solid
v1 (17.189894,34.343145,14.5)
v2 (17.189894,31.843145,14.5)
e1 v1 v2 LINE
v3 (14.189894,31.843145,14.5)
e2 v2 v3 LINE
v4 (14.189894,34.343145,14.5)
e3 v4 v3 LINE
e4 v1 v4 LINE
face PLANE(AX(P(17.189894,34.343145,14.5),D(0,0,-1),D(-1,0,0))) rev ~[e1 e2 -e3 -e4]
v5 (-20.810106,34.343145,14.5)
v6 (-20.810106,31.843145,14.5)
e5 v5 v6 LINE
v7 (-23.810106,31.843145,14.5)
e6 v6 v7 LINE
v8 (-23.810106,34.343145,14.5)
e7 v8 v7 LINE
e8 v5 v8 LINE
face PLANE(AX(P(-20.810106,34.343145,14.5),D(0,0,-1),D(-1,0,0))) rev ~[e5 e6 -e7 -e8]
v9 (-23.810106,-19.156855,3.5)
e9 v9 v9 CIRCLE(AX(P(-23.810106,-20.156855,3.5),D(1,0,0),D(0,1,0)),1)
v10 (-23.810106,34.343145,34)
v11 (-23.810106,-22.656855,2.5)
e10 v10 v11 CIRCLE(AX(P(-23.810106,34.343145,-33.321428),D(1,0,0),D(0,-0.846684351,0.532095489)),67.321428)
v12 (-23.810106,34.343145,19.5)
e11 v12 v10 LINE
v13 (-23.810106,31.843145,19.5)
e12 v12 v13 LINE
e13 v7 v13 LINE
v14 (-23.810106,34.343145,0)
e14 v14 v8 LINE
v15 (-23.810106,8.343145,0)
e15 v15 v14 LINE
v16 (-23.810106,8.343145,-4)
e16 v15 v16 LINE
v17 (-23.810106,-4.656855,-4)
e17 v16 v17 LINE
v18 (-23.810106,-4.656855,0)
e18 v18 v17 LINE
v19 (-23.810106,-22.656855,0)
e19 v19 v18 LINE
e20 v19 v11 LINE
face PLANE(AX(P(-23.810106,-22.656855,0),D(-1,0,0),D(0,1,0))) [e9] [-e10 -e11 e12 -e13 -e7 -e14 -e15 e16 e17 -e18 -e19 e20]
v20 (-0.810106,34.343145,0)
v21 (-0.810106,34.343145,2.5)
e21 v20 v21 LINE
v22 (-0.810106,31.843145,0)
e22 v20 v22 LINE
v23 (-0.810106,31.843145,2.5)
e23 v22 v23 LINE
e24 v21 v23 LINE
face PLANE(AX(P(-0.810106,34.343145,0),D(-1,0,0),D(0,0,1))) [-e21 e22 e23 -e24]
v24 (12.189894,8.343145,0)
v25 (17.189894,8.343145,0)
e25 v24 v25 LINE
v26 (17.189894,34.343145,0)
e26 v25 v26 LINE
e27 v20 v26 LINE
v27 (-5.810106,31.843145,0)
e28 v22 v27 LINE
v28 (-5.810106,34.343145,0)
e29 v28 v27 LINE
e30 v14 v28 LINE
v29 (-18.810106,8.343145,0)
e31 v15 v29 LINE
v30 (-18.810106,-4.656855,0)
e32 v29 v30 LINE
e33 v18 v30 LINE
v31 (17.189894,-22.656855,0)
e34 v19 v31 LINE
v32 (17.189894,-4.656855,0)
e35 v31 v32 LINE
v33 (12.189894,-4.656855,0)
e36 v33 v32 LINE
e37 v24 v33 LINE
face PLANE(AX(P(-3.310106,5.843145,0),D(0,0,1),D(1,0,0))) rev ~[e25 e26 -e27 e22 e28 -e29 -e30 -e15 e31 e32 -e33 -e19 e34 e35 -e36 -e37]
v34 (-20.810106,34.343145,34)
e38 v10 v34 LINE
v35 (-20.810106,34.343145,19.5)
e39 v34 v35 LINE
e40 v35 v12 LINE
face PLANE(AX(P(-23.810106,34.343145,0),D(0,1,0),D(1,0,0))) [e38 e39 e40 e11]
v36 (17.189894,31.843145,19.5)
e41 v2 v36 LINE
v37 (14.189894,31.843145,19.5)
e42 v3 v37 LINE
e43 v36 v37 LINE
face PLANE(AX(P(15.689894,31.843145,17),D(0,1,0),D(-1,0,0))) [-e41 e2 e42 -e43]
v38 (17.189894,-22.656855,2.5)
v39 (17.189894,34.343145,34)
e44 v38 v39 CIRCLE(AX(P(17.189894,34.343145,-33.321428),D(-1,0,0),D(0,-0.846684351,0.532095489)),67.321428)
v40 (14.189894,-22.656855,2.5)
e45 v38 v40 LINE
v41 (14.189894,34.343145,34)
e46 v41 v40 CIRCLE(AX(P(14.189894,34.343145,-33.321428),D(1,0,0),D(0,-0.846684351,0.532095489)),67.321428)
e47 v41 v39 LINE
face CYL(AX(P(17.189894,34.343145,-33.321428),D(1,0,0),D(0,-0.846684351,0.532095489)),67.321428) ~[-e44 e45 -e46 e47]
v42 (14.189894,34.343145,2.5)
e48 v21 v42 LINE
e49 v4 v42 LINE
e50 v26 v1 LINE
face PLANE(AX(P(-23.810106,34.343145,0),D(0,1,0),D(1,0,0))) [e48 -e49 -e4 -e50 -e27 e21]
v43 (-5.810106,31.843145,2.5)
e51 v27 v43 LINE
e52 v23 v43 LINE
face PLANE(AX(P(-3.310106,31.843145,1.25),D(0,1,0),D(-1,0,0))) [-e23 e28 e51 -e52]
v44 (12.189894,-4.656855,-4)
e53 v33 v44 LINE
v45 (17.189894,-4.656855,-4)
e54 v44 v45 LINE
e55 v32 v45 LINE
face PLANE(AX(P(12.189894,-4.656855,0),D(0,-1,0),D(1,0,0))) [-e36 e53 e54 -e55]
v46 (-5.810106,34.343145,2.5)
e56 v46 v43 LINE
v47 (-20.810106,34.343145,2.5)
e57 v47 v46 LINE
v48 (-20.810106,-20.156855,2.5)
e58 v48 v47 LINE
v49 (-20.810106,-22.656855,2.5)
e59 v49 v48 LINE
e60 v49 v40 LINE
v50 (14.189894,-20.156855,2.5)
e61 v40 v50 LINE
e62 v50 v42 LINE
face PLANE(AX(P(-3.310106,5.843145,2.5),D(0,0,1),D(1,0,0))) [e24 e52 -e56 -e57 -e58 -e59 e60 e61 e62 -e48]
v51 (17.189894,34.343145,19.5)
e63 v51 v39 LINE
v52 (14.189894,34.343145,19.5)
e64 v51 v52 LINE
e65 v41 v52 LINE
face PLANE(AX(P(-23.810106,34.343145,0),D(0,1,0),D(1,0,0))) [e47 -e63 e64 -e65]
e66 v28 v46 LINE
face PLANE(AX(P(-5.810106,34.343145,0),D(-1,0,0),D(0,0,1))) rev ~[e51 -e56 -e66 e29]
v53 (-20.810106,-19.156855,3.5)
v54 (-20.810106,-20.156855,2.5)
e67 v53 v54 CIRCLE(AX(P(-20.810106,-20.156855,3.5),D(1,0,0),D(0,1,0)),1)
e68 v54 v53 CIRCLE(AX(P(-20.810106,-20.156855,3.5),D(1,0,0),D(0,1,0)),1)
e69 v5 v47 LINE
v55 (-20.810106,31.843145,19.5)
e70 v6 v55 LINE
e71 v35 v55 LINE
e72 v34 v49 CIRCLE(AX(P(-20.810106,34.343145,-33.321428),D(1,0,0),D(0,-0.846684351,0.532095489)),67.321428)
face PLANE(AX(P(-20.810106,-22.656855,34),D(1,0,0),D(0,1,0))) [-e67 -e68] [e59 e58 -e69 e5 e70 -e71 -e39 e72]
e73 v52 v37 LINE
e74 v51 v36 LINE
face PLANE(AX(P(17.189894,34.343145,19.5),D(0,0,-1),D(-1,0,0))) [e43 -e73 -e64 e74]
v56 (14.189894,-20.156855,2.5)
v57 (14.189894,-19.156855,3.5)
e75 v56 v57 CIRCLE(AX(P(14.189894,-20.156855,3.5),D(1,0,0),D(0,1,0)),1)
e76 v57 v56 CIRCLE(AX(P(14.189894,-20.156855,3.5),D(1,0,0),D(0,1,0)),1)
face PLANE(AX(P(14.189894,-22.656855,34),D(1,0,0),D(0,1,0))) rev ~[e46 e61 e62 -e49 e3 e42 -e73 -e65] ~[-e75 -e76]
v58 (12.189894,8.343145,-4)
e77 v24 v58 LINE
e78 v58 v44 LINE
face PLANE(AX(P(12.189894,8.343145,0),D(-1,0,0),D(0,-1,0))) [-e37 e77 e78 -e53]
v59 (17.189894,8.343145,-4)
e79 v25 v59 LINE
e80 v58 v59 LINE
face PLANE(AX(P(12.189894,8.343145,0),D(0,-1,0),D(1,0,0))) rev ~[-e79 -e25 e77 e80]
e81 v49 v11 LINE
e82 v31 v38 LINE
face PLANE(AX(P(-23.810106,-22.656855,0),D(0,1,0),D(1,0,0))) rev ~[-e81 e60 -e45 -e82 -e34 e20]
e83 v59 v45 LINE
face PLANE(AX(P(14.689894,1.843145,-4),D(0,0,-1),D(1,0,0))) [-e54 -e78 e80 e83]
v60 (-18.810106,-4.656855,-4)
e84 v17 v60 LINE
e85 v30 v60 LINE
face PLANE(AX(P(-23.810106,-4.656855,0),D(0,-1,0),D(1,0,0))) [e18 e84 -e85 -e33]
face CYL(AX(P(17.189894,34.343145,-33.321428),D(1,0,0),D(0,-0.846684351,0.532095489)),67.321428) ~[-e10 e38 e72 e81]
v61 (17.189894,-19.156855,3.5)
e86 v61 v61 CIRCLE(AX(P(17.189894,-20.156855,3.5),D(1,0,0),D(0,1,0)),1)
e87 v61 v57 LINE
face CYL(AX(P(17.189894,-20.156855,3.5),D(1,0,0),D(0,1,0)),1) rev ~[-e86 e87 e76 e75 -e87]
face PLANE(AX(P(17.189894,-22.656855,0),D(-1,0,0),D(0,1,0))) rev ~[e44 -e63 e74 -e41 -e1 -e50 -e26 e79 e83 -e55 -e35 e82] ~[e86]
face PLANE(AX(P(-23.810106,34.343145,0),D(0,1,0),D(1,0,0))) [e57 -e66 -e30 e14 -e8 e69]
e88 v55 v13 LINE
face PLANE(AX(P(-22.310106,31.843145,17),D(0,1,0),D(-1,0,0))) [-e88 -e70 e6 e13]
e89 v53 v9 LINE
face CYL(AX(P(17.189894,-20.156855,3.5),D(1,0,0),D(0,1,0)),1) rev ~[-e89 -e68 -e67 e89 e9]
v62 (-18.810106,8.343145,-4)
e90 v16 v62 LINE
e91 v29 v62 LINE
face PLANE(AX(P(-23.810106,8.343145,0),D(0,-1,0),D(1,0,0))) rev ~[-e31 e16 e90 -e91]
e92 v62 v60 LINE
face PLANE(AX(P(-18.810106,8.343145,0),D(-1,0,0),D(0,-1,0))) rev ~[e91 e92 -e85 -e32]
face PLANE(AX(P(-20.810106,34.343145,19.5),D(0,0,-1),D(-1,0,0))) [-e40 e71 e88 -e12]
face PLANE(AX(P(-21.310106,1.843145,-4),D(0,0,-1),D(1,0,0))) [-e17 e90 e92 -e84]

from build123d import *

# Parameters (mm, degrees)
F0_W      = 41
F0_H      = 57
F1_DEPTH  = 34
F2_W      = 35
F2_H      = 57
F3_DEPTH  = 31.5
F5_DEPTH  = 41.001
F6_R      = 1
F7_DEPTH  = 41.001
F8_W      = 3
F8_H      = 5
F8_W_2    = 5
F8_H_2    = 2.5
F9_DEPTH  = 2.5
F10_W     = 5
F10_H     = 13
F11_DEPTH = 4


with BuildPart() as f1:
    # F0 (on Top) → F1 (new body)
    with BuildSketch(Plane.XY):
        with Locations((-3.310106, 5.843145)):
            Rectangle(F0_W, F0_H)
    extrude(amount=F1_DEPTH)

    # F2 (on face) → F3 (cut)
    with BuildSketch(Plane.XY.offset(34)):
        with Locations((-3.310106, 5.843145)):
            Rectangle(F2_W, F2_H)
    extrude(amount=-F3_DEPTH, mode=Mode.SUBTRACT)

    # F4 (on face) → F5 (cut, through all)
    with BuildSketch(Plane.YZ.offset(17.189894)):
        with BuildLine():
            ThreePointArc((-22.656855, 2.5), (1.780705, 25.601082), (34.343145, 34))
            Line((34.343145, 34), (-22.656855, 34))
            Line((-22.656855, 34), (-22.656855, 2.5))
        make_face()
    extrude(amount=-F5_DEPTH, mode=Mode.SUBTRACT)

    # F6 (on face) → F7 (cut, through all)
    with BuildSketch(Plane.YZ.offset(17.189894)):
        with Locations((-20.156855, 3.5)):
            Circle(F6_R)
    extrude(amount=-F7_DEPTH, mode=Mode.SUBTRACT)

    # F8 (on face) → F9 (cut)
    with BuildSketch(Plane(origin=(0, 34.343145, 0), x_dir=(-1, 0, 0), z_dir=(0, 1, 0))):
        with Locations((-15.689894, 17)):
            Rectangle(F8_W, F8_H)
        with Locations((3.310106, 1.25)):
            Rectangle(F8_W_2, F8_H_2)
        with Locations((22.310106, 17)):
            Rectangle(F8_W, F8_H)
    extrude(amount=-F9_DEPTH, mode=Mode.SUBTRACT)

    # F10 (on face) → F11 (join)
    with BuildSketch(Plane(origin=(0, 0, 0), x_dir=(1, 0, 0), z_dir=(0, 0, -1))):
        with Locations((14.689894, -1.843145)):
            Rectangle(F10_W, F10_H)
        with Locations((-21.310106, -1.843145)):
            Rectangle(F10_W, F10_H)
    extrude(amount=F11_DEPTH)


solid = f1.part
